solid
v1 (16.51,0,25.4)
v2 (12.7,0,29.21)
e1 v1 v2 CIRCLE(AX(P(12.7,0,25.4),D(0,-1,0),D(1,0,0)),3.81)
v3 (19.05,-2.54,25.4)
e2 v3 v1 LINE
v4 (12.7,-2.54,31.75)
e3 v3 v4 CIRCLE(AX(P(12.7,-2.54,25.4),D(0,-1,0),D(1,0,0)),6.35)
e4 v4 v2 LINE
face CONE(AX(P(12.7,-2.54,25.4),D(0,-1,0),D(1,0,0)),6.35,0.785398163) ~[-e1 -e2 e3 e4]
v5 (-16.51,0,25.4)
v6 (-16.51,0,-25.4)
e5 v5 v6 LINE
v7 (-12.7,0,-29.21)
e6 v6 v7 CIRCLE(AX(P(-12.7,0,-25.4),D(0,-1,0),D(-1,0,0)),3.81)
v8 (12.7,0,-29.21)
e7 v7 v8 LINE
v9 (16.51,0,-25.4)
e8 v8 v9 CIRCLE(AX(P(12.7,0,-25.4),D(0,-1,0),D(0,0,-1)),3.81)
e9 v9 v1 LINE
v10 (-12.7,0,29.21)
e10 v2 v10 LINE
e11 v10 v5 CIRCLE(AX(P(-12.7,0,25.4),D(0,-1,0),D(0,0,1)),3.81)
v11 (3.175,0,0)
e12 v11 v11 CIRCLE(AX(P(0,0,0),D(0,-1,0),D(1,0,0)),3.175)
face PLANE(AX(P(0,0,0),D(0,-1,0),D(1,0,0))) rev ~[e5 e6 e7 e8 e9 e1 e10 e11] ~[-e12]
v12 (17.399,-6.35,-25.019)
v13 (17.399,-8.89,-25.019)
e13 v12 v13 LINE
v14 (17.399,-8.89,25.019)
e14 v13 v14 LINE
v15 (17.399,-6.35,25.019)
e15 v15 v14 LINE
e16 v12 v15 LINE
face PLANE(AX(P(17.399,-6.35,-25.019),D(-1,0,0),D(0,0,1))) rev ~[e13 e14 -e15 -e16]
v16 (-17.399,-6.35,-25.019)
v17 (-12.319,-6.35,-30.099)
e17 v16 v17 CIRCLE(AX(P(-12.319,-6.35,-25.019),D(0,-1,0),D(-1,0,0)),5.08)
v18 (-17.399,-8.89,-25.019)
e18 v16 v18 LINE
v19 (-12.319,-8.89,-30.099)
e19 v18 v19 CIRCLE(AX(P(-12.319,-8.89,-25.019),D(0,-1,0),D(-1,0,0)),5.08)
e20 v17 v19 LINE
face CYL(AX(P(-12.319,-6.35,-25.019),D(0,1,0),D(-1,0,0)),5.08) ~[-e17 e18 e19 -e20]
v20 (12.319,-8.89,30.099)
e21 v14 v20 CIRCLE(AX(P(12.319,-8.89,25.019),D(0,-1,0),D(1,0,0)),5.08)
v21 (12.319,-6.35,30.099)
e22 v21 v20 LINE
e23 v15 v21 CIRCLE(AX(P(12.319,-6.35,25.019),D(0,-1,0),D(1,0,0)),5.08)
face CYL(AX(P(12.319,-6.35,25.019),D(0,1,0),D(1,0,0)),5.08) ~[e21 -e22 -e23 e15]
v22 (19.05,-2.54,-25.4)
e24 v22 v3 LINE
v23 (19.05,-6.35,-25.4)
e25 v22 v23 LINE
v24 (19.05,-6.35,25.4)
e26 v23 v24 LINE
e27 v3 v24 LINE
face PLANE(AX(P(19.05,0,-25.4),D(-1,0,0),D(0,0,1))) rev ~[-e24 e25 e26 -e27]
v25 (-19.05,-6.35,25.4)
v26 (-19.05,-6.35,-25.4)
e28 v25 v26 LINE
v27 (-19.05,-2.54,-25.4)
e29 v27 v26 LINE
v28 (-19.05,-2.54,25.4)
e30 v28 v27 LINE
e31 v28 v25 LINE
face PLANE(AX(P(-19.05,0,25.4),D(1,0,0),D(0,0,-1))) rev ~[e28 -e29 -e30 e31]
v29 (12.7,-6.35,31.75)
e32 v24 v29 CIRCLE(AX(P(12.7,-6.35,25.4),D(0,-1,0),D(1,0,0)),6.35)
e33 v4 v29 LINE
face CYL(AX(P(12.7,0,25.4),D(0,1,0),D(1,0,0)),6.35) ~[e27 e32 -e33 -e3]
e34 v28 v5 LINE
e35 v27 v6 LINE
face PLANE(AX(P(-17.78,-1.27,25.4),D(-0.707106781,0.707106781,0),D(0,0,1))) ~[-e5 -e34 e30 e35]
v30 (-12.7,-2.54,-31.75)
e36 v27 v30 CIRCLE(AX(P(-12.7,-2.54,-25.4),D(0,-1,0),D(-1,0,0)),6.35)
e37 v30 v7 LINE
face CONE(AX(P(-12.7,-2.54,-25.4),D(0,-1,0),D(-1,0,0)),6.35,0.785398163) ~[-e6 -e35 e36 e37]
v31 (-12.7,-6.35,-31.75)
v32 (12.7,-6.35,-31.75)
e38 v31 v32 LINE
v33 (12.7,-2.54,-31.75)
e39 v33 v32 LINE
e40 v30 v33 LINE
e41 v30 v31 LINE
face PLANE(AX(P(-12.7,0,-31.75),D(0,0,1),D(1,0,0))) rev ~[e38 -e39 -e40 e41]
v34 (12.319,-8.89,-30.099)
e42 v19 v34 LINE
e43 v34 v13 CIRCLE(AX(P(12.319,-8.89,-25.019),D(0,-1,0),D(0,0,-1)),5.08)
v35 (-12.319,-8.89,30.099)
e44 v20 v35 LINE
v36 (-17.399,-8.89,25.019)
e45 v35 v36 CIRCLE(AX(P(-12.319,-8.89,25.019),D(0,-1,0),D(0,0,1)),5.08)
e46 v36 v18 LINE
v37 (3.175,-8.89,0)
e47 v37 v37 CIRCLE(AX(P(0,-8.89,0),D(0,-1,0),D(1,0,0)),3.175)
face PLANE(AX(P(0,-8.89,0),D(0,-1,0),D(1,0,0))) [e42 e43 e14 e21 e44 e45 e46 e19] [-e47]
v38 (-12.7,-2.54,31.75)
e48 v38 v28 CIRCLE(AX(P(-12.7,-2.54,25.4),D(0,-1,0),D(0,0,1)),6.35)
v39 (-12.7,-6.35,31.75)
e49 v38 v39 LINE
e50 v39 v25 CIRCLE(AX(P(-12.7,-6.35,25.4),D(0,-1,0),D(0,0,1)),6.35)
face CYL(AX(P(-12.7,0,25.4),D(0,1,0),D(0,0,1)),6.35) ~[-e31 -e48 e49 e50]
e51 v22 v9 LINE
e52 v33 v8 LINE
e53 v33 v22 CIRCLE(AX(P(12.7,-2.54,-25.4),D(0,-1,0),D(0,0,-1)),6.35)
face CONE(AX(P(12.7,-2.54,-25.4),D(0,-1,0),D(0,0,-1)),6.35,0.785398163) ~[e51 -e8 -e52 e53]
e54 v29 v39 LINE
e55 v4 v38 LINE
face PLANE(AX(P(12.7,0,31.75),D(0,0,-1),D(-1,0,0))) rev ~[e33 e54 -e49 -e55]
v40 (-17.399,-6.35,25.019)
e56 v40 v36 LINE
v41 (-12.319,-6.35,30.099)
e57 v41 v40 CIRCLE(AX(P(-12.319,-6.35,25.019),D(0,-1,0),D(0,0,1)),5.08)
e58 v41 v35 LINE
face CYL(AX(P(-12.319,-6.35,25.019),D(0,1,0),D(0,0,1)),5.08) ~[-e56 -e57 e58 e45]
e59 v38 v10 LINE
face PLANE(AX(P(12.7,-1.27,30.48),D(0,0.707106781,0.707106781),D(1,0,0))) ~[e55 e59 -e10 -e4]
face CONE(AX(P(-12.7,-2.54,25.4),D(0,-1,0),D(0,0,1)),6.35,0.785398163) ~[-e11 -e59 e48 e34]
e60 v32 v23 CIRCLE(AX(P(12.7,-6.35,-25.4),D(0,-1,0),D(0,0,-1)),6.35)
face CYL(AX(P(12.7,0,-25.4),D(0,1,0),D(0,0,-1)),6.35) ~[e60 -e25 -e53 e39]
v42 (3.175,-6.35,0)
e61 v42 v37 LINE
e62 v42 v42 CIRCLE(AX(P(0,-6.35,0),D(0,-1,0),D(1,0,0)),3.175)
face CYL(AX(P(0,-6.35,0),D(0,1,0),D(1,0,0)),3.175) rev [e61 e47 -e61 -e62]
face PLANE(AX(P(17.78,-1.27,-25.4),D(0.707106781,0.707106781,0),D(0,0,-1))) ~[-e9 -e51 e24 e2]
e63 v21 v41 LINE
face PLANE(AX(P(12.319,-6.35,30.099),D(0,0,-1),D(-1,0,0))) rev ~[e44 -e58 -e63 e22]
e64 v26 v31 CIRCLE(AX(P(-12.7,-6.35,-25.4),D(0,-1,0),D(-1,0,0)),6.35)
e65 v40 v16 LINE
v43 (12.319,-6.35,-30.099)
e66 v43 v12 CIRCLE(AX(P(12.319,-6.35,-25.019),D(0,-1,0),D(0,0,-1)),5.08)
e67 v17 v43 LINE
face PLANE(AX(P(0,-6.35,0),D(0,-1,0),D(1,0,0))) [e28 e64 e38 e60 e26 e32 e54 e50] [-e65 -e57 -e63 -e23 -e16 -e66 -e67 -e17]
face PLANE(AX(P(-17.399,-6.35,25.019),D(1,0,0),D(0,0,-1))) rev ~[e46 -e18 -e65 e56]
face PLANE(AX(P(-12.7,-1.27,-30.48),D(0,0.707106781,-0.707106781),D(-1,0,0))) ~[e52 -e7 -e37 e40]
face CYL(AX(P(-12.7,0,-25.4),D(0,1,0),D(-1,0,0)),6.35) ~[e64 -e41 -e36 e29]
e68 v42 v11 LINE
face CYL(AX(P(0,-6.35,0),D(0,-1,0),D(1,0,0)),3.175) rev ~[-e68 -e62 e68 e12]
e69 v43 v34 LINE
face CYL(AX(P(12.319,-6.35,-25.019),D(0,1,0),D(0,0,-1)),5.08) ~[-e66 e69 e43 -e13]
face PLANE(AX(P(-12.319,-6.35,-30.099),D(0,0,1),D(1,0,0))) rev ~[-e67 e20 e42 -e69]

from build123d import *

# Parameters (mm, degrees)
F1_DEPTH = 6.35
F2_R     = 3.175
F3_DEPTH = 25.4
F4_R     = 3.175
F5_DEPTH = 2.54
F6_SIZE  = 2.54


with BuildPart() as f1:
    # F0 (on Front) → F1 (new body)
    with BuildSketch(Plane.XZ):
        with BuildLine():
            ThreePointArc((19.05, 25.4), (17.1901280605, 29.8901280605), (12.7, 31.75))
            Line((12.7, 31.75), (-12.7, 31.75))
            ThreePointArc((-12.7, 31.75), (-17.1901280605, 29.8901280605), (-19.05, 25.4))
            Line((-19.05, 25.4), (-19.05, -25.4))
            ThreePointArc((-19.05, -25.4), (-17.1901280605, -29.8901280605), (-12.7, -31.75))
            Line((-12.7, -31.75), (12.7, -31.75))
            ThreePointArc((12.7, -31.75), (17.1901280605, -29.8901280605), (19.05, -25.4))
            Line((19.05, -25.4), (19.05, 25.4))
        make_face()
    extrude(amount=F1_DEPTH)

    # F2 (on face) → F3 (cut)
    with BuildSketch(Plane.XZ.offset(6.35)):
        Circle(F2_R)
    extrude(amount=-F3_DEPTH, mode=Mode.SUBTRACT)

    # F4 (on face) → F5 (join)
    with BuildSketch(Plane.XZ.offset(6.35)):
        with BuildLine():
            ThreePointArc((-12.319, 30.099), (-15.9111024484, 28.6111024484), (-17.399, 25.019))
            Line((-17.399, 25.019), (-17.399, -25.019))
            ThreePointArc((-17.399, -25.019), (-15.9111024484, -28.6111024484), (-12.319, -30.099))
            Line((-12.319, -30.099), (12.319, -30.099))
            ThreePointArc((12.319, -30.099), (15.9111024484, -28.6111024484), (17.399, -25.019))
            Line((17.399, -25.019), (17.399, 25.019))
            ThreePointArc((17.399, 25.019), (15.9111024484, 28.6111024484), (12.319, 30.099))
            Line((12.319, 30.099), (-12.319, 30.099))
        make_face()
        Circle(F4_R, mode=Mode.SUBTRACT)
    extrude(amount=F5_DEPTH)

    # F6
    f6_edges = [f1.edges().sort_by_distance(p)[0] for p in [
        (-19.05, 0, 0),
    ]]
    chamfer(f6_edges, length=F6_SIZE)


solid = f1.part
